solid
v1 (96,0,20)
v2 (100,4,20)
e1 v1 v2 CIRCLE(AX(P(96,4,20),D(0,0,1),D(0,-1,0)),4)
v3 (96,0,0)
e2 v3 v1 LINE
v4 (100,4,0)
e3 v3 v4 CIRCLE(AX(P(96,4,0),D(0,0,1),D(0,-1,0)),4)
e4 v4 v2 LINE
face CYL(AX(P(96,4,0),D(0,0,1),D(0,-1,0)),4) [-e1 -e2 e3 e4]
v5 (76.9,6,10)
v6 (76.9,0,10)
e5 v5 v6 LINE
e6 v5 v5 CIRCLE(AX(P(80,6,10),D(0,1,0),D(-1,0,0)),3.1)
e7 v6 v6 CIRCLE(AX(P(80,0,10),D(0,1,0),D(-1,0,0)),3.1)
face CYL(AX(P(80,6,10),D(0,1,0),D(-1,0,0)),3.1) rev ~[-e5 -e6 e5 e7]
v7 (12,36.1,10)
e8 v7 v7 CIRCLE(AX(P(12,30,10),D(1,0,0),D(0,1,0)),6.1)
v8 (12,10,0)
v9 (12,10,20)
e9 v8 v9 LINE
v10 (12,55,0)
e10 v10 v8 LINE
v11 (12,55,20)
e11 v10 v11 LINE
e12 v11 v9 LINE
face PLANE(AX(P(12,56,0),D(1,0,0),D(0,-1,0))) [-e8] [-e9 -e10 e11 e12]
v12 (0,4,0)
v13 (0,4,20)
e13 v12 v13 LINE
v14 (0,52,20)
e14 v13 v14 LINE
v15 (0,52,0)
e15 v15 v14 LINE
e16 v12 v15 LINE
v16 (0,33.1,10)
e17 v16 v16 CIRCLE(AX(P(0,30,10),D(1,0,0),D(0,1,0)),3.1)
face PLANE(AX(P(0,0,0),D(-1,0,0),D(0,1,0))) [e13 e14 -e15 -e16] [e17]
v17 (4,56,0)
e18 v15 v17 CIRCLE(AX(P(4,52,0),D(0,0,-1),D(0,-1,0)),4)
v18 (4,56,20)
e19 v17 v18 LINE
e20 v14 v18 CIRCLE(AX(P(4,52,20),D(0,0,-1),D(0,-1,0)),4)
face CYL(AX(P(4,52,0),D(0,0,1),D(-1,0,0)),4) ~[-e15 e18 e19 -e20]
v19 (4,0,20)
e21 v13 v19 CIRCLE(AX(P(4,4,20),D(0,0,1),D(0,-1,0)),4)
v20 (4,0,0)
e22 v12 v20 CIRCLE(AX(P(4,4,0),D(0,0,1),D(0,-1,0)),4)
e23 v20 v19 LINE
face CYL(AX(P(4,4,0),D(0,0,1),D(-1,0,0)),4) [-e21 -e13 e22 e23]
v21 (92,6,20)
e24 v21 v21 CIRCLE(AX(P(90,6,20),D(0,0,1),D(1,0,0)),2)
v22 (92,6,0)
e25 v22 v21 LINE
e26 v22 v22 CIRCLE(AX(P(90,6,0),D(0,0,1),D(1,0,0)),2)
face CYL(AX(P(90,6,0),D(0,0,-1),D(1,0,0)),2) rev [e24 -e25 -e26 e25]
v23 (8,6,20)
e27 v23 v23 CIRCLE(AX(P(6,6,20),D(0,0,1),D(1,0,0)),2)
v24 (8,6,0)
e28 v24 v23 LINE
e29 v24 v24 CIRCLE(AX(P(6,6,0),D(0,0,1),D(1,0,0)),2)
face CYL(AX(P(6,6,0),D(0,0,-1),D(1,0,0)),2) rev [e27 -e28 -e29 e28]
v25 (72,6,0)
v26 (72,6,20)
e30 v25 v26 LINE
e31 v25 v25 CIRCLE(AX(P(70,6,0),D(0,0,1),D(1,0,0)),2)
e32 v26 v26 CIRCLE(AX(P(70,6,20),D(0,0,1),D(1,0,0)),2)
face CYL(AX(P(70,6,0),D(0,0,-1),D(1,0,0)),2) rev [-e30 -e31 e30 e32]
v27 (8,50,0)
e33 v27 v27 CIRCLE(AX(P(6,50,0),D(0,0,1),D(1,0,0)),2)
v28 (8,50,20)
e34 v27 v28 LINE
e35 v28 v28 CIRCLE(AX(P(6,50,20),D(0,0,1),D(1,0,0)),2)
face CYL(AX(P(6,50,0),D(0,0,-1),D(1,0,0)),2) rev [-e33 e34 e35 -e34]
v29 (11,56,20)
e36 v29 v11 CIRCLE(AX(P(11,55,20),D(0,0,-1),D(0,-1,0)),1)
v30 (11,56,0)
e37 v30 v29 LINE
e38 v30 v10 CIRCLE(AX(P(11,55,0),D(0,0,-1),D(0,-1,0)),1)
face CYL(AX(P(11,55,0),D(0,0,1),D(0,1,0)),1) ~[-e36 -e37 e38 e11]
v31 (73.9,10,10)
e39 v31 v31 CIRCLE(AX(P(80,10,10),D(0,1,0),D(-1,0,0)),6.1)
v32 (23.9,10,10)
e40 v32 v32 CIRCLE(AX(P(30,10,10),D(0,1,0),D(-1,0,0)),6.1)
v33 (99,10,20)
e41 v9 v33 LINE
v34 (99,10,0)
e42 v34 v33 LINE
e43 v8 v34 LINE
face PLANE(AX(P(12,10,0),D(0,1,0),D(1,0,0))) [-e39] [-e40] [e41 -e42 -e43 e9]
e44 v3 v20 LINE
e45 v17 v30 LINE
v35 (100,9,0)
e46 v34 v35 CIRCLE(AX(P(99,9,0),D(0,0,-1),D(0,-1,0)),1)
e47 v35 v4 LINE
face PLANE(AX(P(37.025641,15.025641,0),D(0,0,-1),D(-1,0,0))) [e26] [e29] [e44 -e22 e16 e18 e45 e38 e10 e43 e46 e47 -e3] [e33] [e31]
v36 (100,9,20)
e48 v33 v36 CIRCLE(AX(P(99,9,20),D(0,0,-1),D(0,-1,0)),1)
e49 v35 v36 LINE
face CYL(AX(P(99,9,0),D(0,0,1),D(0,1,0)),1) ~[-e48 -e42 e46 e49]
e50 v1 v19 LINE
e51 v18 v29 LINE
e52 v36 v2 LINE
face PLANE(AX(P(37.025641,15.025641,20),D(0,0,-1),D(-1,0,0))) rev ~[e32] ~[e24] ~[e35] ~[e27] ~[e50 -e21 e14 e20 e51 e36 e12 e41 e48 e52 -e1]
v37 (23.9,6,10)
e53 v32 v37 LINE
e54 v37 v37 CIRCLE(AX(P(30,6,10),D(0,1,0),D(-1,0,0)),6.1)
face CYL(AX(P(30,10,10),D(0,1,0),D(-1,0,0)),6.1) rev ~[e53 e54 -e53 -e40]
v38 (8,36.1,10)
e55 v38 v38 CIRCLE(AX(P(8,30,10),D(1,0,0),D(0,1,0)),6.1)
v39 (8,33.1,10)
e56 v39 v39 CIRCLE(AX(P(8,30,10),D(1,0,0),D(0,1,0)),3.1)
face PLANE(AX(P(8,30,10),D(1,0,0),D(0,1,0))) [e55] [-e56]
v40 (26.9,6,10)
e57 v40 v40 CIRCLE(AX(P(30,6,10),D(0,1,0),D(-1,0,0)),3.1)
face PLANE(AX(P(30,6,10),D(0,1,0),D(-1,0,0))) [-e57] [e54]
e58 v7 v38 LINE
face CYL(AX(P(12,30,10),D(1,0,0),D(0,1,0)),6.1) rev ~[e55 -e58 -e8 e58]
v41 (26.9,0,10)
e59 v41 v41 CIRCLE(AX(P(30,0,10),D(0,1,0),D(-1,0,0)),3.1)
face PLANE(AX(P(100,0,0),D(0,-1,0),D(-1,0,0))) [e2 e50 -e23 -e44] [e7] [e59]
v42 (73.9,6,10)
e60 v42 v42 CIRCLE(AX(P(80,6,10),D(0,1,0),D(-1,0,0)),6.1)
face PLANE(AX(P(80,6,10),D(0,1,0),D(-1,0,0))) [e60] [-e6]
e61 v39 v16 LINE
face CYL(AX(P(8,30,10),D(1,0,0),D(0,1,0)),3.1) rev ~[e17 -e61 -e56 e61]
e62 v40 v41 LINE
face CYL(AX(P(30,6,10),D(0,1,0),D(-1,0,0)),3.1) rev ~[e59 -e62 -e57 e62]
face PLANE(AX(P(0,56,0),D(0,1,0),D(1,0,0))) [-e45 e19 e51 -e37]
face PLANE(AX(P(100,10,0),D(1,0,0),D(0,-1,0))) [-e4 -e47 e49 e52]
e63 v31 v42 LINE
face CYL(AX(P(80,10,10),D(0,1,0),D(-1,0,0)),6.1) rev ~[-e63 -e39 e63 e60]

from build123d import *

# Parameters (mm, degrees)
SKETCH_R        = 2
PAD_DEPTH       = 20
SKETCH001_R     = 6.1
POCKET_DEPTH    = 4
SKETCH002_R     = 6.1
POCKET001_DEPTH = 4
SKETCH003_R     = 3.1
POCKET002_DEPTH = 10
SKETCH004_R     = 3.1
POCKET003_DEPTH = 10
FILLET_R        = 4
FILLET001_R     = 4
FILLET002_R     = 4
FILLET003_R     = 1
FILLET004_R     = 1


with BuildPart() as part:
    # Sketch → Pad (new body)
    with BuildSketch(Plane.XY):
        Polygon((0, 56), (12, 56), (12, 10), (100, 10), (100, 0), (0, 0), align=None)
        with Locations((6, 50)):
            Circle(SKETCH_R, mode=Mode.SUBTRACT)
        with Locations((6, 6)):
            Circle(SKETCH_R, mode=Mode.SUBTRACT)
        with Locations((90, 6)):
            Circle(SKETCH_R, mode=Mode.SUBTRACT)
        with Locations((70, 6)):
            Circle(SKETCH_R, mode=Mode.SUBTRACT)
    extrude(amount=PAD_DEPTH)

    # Sketch001 → Pocket (cut)
    with BuildSketch(Plane(origin=(0, 10, 0), x_dir=(-1, 0, 0), z_dir=(0, 1, 0))):
        with Locations((-30, 10)):
            Circle(SKETCH001_R)
        with Locations((-80, 10)):
            Circle(SKETCH001_R)
    extrude(amount=-POCKET_DEPTH, mode=Mode.SUBTRACT)

    # Sketch002 → Pocket001 (cut)
    with BuildSketch(Plane.YZ.offset(12)):
        with Locations((30, 10)):
            Circle(SKETCH002_R)
    extrude(amount=-POCKET001_DEPTH, mode=Mode.SUBTRACT)

    # Sketch003 → Pocket002 (cut)
    with BuildSketch(Plane.YZ.offset(8)):
        with Locations((30, 10)):
            Circle(SKETCH003_R)
    extrude(amount=-POCKET002_DEPTH, mode=Mode.SUBTRACT)

    # Sketch004 → Pocket003 (cut)
    with BuildSketch(Plane(origin=(0, 6, 0), x_dir=(-1, 0, 0), z_dir=(0, 1, 0))):
        with Locations((-80, 10)):
            Circle(SKETCH004_R)
        with Locations((-30, 10)):
            Circle(SKETCH004_R)
    extrude(amount=-POCKET003_DEPTH, mode=Mode.SUBTRACT)

    # Fillet
    fillet_edges = [part.edges().sort_by_distance(p)[0] for p in [
        (0, 0, 10),
    ]]
    fillet(fillet_edges, radius=FILLET_R)

    # Fillet001
    fillet001_edges = [part.edges().sort_by_distance(p)[0] for p in [
        (100, 0, 10),
    ]]
    fillet(fillet001_edges, radius=FILLET001_R)

    # Fillet002
    fillet002_edges = [part.edges().sort_by_distance(p)[0] for p in [
        (0, 56, 10),
    ]]
    fillet(fillet002_edges, radius=FILLET002_R)

    # Fillet003
    fillet003_edges = [part.edges().sort_by_distance(p)[0] for p in [
        (12, 56, 10),
    ]]
    fillet(fillet003_edges, radius=FILLET003_R)

    # Fillet004
    fillet004_edges = [part.edges().sort_by_distance(p)[0] for p in [
        (100, 10, 10),
    ]]
    fillet(fillet004_edges, radius=FILLET004_R)


solid = part.part
